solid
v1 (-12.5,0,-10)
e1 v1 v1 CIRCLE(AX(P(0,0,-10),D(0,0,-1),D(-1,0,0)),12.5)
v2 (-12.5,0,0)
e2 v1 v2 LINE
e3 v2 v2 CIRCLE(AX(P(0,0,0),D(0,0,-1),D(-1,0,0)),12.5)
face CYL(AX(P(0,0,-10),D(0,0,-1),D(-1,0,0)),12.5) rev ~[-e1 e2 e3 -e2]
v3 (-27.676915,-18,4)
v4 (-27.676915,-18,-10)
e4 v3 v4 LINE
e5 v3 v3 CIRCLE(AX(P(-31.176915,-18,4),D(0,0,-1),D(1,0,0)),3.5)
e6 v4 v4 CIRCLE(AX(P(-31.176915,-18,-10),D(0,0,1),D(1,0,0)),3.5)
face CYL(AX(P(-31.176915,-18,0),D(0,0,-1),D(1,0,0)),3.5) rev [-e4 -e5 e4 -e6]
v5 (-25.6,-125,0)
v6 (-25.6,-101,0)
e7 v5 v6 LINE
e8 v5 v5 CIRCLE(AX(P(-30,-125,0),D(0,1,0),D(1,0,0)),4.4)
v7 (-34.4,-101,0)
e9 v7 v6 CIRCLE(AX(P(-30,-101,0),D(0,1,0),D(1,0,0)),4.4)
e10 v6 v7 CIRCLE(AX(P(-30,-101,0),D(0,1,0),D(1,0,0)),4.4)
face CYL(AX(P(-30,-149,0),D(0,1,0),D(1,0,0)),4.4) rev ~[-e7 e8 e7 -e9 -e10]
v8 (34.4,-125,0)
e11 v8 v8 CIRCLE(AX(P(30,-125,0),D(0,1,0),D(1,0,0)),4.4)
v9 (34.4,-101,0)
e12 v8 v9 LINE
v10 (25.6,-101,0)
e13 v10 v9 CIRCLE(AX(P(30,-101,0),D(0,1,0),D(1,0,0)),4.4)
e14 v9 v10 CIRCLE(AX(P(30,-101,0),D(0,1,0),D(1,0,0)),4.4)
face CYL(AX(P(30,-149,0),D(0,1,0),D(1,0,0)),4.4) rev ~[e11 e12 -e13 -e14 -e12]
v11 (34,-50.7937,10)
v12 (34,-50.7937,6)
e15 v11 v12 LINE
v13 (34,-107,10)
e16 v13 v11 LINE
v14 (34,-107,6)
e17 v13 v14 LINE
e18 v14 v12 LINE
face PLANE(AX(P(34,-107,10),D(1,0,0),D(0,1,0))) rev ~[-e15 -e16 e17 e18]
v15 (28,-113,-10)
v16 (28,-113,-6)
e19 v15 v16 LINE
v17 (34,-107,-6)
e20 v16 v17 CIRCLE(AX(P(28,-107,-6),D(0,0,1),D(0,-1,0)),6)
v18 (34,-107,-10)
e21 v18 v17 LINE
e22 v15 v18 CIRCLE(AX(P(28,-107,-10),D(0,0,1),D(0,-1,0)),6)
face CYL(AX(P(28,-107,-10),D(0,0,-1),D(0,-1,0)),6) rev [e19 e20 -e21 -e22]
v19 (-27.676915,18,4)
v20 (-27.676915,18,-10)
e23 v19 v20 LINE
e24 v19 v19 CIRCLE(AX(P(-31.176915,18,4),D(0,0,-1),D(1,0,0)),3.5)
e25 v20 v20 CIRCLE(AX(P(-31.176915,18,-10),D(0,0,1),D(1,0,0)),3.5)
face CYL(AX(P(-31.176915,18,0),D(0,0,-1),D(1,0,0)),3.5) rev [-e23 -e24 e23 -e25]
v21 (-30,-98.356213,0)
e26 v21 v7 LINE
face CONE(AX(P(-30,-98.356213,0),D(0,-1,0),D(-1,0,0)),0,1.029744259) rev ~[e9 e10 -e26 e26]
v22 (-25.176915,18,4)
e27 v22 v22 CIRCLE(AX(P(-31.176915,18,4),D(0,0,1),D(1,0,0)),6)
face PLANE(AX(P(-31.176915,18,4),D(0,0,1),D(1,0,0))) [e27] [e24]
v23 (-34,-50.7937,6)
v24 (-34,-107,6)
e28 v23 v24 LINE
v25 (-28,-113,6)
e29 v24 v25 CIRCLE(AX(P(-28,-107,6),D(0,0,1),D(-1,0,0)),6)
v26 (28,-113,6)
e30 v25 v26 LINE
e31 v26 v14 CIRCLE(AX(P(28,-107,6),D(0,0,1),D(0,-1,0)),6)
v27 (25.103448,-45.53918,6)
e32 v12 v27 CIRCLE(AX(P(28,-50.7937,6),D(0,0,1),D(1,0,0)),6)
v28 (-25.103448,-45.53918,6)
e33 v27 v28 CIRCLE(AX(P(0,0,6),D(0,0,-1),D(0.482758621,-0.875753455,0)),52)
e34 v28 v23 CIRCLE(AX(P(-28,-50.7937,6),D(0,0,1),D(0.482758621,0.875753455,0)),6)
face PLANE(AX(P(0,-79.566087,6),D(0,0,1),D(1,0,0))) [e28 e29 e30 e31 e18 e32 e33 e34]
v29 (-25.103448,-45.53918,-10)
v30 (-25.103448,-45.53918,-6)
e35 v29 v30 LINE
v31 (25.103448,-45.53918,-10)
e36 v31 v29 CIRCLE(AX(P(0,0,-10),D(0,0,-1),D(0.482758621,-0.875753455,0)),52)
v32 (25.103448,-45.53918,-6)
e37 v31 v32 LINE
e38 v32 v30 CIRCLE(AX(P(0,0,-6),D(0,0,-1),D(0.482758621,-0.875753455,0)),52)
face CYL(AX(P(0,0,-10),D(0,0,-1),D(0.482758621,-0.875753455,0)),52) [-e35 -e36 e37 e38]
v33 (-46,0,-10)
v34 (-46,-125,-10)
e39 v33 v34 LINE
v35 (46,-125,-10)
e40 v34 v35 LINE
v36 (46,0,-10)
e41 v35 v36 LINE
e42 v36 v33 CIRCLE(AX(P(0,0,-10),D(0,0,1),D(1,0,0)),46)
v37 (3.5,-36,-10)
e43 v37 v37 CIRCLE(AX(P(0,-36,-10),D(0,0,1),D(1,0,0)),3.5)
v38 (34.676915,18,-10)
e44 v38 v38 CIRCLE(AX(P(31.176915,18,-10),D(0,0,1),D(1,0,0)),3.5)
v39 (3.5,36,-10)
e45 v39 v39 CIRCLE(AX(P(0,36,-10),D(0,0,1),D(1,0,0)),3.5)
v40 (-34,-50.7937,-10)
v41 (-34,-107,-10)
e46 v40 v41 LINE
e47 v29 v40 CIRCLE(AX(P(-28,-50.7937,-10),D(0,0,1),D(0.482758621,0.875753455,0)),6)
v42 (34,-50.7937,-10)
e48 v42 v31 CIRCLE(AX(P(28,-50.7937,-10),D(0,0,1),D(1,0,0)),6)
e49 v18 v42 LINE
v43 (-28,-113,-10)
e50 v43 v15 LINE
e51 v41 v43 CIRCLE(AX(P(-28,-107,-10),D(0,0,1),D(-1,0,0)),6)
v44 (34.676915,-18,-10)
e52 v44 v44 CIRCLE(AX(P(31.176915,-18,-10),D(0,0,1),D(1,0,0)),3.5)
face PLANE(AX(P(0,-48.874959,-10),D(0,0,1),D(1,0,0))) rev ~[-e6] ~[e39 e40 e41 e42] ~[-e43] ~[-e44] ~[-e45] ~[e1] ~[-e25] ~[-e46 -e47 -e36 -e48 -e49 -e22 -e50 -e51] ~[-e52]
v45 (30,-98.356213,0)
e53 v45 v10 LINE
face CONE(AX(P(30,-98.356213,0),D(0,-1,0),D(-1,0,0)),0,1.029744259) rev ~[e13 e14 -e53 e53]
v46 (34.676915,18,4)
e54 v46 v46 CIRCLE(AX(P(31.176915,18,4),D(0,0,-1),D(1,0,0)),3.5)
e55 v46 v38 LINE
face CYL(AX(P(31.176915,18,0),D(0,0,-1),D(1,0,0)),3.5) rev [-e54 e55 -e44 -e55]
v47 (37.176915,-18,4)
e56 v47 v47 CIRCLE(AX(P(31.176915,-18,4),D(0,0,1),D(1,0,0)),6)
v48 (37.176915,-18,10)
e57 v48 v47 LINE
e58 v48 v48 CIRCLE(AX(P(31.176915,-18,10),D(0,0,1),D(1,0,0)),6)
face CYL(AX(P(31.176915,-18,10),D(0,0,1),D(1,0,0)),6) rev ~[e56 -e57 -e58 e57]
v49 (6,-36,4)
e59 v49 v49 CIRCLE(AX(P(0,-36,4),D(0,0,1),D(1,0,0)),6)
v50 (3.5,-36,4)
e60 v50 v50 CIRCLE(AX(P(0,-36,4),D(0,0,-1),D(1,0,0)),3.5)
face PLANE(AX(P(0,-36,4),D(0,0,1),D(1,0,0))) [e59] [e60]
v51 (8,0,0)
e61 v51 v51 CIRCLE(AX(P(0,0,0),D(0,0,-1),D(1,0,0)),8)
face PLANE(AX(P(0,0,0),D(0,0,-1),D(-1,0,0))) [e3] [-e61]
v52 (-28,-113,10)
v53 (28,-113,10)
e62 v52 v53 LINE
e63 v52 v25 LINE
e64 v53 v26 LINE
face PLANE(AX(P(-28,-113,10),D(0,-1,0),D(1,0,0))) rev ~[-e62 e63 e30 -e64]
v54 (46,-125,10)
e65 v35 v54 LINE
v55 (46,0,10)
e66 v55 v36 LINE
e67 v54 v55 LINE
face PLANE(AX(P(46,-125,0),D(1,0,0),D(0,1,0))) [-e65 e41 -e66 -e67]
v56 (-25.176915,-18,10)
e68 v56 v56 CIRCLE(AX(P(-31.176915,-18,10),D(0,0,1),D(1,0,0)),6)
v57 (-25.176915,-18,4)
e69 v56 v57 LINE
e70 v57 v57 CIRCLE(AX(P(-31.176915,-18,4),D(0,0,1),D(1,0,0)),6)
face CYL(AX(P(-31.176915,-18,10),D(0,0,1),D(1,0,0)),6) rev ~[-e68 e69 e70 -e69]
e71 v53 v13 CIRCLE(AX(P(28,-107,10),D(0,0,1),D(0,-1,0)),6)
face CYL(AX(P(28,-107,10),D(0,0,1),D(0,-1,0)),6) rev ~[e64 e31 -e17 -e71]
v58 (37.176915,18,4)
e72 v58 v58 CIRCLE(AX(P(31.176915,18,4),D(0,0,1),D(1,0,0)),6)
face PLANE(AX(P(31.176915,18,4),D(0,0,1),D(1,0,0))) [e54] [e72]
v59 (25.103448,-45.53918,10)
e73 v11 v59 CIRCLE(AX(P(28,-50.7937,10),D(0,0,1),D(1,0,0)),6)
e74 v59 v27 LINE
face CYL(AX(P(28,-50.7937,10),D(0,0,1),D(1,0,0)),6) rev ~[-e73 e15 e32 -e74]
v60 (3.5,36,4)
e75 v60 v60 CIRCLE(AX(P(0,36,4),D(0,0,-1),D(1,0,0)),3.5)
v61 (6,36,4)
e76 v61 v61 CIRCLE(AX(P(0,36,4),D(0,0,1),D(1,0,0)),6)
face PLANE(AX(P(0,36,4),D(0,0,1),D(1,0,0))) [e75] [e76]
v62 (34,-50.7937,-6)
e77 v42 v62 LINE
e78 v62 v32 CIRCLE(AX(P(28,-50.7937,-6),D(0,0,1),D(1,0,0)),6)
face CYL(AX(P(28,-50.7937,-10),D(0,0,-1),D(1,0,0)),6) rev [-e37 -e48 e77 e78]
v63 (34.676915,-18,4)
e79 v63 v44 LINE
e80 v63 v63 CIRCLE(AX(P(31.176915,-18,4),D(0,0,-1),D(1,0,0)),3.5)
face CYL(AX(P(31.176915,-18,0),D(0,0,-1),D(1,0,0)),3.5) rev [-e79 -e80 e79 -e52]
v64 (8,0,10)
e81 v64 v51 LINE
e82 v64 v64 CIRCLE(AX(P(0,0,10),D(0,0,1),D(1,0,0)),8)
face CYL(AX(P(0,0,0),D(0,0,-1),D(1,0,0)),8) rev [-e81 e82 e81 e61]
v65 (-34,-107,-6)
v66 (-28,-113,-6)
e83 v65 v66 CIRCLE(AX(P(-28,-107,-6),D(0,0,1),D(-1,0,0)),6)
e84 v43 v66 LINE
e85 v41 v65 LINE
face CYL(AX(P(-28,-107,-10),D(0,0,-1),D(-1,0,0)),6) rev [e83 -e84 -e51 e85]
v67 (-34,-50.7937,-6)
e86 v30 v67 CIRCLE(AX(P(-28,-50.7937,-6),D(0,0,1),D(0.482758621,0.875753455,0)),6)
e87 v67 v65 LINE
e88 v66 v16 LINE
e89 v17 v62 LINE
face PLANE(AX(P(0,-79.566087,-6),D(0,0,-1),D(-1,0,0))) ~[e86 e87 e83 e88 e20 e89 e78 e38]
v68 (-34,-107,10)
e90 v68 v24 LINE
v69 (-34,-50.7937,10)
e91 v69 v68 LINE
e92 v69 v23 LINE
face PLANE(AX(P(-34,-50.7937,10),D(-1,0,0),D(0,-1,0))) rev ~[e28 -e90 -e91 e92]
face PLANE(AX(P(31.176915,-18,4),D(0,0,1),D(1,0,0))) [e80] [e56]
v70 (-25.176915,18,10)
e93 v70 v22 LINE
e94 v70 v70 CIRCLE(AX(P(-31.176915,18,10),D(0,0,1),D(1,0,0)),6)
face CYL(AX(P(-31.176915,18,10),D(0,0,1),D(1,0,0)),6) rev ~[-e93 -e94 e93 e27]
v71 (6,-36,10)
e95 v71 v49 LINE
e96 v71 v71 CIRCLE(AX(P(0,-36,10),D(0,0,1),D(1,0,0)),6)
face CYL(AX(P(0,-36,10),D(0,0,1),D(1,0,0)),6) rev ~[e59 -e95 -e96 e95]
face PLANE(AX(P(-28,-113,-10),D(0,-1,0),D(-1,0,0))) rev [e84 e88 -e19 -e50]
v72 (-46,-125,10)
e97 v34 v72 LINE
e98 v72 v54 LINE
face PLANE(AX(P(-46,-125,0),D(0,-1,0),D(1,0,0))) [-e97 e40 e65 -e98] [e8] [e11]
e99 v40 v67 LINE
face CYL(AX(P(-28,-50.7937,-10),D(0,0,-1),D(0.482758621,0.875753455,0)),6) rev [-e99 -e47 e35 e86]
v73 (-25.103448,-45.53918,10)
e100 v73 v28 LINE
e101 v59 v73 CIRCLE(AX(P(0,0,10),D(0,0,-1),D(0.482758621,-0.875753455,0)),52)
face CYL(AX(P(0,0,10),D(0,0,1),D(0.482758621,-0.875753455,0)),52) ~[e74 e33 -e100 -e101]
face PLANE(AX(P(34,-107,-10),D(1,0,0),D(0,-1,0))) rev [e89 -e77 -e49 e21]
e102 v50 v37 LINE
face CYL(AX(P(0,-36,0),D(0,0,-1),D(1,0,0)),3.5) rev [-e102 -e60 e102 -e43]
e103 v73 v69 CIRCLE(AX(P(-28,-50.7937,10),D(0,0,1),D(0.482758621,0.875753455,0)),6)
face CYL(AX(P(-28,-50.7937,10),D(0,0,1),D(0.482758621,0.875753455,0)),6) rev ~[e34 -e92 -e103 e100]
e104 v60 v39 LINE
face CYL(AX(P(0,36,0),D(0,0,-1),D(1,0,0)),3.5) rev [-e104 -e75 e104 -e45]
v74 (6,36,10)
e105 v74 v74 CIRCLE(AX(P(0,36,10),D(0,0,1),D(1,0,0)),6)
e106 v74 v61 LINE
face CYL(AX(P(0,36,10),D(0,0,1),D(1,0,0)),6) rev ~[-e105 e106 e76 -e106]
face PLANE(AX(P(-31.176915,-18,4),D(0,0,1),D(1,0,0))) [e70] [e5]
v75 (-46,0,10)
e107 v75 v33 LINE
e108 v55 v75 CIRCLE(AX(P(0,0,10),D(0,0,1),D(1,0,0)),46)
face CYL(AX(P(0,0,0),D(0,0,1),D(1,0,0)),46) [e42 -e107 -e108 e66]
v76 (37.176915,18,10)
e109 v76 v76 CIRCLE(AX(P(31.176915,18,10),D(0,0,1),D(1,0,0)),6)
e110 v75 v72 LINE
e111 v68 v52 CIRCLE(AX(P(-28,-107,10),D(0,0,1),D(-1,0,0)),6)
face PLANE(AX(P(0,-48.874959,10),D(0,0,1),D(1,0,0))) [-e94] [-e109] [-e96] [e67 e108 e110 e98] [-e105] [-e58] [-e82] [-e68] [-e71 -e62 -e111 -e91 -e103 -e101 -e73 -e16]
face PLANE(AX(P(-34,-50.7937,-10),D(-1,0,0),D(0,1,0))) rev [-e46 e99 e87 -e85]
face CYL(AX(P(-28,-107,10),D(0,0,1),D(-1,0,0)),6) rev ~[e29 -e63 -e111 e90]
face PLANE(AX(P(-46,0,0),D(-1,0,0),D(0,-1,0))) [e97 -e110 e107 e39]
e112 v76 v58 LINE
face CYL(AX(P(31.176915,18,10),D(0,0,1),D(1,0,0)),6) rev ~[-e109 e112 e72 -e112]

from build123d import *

# Parameters (mm, degrees)
SKETCH2_R                         = 3.5
SKETCH2_R_2                       = 8
BOSS_EXTRUDE1_DEPTH               = 10
SKETCH4_R                         = 6
CUT_EXTRUDE1_DEPTH                = 6
CUT_EXTRUDE2_DEPTH                = 4
SKETCH6_R                         = 12.5
CUT_EXTRUDE3_DEPTH                = 10
TAP_DRILL_FOR_M10X1_25_TAP1_D     = 8.8
TAP_DRILL_FOR_M10X1_25_TAP1_DEPTH = 24
TAP_DRILL_FOR_M10X1_25_TAP1_TIP   = 2.643786724


with BuildPart() as part:
    # Sketch2 → Boss-Extrude1 (new, symmetric)
    with BuildSketch(Plane.XY):
        with BuildLine():
            Line((-46, 0), (-46, -125))
            Line((-46, -125), (46, -125))
            Line((46, -125), (46, 0))
            ThreePointArc((46, 0), (0, 46), (-46, 0))
        make_face()
        with Locations((0, 36)):
            Circle(SKETCH2_R, mode=Mode.SUBTRACT)
        Circle(SKETCH2_R_2, mode=Mode.SUBTRACT)
        with Locations((31.176914536, 18)):
            Circle(SKETCH2_R, mode=Mode.SUBTRACT)
        with Locations((31.176914536, -18)):
            Circle(SKETCH2_R, mode=Mode.SUBTRACT)
        with Locations((0, -36)):
            Circle(SKETCH2_R, mode=Mode.SUBTRACT)
        with Locations((-31.176914536, -18)):
            Circle(SKETCH2_R, mode=Mode.SUBTRACT)
        with Locations((-31.176914536, 18)):
            Circle(SKETCH2_R, mode=Mode.SUBTRACT)
    extrude(amount=BOSS_EXTRUDE1_DEPTH, both=True)

    # Sketch4 → Cut-Extrude1 (cut)
    with BuildSketch(Plane.XY.offset(10)):
        with Locations((0, 36)):
            Circle(SKETCH4_R)
        with Locations((31.176914536, 18)):
            Circle(SKETCH4_R)
        with Locations((31.176914536, -18)):
            Circle(SKETCH4_R)
        with Locations((0, -36)):
            Circle(SKETCH4_R)
        with Locations((-31.176914536, -18)):
            Circle(SKETCH4_R)
        with Locations((-31.176914536, 18)):
            Circle(SKETCH4_R)
    extrude(amount=-CUT_EXTRUDE1_DEPTH, mode=Mode.SUBTRACT)

    # Sketch5 → Cut-Extrude2 (cut)
    with BuildSketch(Plane.XY.offset(10)):
        with BuildLine():
            Line((34, -107), (34, -50.793700397))
            ThreePointArc((34, -50.793700397), (31.051285766, -45.627497229), (25.103448276, -45.539179666))
            ThreePointArc((25.103448276, -45.539179666), (0, -52), (-25.103448276, -45.539179666))
            ThreePointArc((-25.103448276, -45.539179666), (-31.051285766, -45.627497229), (-34, -50.793700397))
            Line((-34, -50.793700397), (-34, -107))
            ThreePointArc((-34, -107), (-32.242640687, -111.242640687), (-28, -113))
            Line((-28, -113), (28, -113))
            ThreePointArc((28, -113), (32.242640687, -111.242640687), (34, -107))
        make_face()
    cut_extrude2 = extrude(amount=-CUT_EXTRUDE2_DEPTH, mode=Mode.SUBTRACT)

    # Mirror1: Cut-Extrude2 across plane
    add(cut_extrude2.mirror(Plane.XY), mode=Mode.SUBTRACT)

    # Sketch6 → Cut-Extrude3 (cut)
    with BuildSketch(Plane(origin=(0, 0, -10), x_dir=(-1, 0, 0), z_dir=(0, 0, -1))):
        Circle(SKETCH6_R)
    extrude(amount=-CUT_EXTRUDE3_DEPTH, mode=Mode.SUBTRACT)

    # Tap Drill for M10x1.25 Tap1
    with Locations(Plane(origin=(0, -125, 0), x_dir=(-1, 0, 0), z_dir=(0, -1, 0))):
        with Locations((-30, 0), (30, 0)):
            Hole(TAP_DRILL_FOR_M10X1_25_TAP1_D / 2, depth=TAP_DRILL_FOR_M10X1_25_TAP1_DEPTH)
            with Locations((0, 0, -(TAP_DRILL_FOR_M10X1_25_TAP1_DEPTH + TAP_DRILL_FOR_M10X1_25_TAP1_TIP / 2))):  # 118° drill point
                Cone(0, TAP_DRILL_FOR_M10X1_25_TAP1_D / 2, TAP_DRILL_FOR_M10X1_25_TAP1_TIP, mode=Mode.SUBTRACT)


solid = part.part
